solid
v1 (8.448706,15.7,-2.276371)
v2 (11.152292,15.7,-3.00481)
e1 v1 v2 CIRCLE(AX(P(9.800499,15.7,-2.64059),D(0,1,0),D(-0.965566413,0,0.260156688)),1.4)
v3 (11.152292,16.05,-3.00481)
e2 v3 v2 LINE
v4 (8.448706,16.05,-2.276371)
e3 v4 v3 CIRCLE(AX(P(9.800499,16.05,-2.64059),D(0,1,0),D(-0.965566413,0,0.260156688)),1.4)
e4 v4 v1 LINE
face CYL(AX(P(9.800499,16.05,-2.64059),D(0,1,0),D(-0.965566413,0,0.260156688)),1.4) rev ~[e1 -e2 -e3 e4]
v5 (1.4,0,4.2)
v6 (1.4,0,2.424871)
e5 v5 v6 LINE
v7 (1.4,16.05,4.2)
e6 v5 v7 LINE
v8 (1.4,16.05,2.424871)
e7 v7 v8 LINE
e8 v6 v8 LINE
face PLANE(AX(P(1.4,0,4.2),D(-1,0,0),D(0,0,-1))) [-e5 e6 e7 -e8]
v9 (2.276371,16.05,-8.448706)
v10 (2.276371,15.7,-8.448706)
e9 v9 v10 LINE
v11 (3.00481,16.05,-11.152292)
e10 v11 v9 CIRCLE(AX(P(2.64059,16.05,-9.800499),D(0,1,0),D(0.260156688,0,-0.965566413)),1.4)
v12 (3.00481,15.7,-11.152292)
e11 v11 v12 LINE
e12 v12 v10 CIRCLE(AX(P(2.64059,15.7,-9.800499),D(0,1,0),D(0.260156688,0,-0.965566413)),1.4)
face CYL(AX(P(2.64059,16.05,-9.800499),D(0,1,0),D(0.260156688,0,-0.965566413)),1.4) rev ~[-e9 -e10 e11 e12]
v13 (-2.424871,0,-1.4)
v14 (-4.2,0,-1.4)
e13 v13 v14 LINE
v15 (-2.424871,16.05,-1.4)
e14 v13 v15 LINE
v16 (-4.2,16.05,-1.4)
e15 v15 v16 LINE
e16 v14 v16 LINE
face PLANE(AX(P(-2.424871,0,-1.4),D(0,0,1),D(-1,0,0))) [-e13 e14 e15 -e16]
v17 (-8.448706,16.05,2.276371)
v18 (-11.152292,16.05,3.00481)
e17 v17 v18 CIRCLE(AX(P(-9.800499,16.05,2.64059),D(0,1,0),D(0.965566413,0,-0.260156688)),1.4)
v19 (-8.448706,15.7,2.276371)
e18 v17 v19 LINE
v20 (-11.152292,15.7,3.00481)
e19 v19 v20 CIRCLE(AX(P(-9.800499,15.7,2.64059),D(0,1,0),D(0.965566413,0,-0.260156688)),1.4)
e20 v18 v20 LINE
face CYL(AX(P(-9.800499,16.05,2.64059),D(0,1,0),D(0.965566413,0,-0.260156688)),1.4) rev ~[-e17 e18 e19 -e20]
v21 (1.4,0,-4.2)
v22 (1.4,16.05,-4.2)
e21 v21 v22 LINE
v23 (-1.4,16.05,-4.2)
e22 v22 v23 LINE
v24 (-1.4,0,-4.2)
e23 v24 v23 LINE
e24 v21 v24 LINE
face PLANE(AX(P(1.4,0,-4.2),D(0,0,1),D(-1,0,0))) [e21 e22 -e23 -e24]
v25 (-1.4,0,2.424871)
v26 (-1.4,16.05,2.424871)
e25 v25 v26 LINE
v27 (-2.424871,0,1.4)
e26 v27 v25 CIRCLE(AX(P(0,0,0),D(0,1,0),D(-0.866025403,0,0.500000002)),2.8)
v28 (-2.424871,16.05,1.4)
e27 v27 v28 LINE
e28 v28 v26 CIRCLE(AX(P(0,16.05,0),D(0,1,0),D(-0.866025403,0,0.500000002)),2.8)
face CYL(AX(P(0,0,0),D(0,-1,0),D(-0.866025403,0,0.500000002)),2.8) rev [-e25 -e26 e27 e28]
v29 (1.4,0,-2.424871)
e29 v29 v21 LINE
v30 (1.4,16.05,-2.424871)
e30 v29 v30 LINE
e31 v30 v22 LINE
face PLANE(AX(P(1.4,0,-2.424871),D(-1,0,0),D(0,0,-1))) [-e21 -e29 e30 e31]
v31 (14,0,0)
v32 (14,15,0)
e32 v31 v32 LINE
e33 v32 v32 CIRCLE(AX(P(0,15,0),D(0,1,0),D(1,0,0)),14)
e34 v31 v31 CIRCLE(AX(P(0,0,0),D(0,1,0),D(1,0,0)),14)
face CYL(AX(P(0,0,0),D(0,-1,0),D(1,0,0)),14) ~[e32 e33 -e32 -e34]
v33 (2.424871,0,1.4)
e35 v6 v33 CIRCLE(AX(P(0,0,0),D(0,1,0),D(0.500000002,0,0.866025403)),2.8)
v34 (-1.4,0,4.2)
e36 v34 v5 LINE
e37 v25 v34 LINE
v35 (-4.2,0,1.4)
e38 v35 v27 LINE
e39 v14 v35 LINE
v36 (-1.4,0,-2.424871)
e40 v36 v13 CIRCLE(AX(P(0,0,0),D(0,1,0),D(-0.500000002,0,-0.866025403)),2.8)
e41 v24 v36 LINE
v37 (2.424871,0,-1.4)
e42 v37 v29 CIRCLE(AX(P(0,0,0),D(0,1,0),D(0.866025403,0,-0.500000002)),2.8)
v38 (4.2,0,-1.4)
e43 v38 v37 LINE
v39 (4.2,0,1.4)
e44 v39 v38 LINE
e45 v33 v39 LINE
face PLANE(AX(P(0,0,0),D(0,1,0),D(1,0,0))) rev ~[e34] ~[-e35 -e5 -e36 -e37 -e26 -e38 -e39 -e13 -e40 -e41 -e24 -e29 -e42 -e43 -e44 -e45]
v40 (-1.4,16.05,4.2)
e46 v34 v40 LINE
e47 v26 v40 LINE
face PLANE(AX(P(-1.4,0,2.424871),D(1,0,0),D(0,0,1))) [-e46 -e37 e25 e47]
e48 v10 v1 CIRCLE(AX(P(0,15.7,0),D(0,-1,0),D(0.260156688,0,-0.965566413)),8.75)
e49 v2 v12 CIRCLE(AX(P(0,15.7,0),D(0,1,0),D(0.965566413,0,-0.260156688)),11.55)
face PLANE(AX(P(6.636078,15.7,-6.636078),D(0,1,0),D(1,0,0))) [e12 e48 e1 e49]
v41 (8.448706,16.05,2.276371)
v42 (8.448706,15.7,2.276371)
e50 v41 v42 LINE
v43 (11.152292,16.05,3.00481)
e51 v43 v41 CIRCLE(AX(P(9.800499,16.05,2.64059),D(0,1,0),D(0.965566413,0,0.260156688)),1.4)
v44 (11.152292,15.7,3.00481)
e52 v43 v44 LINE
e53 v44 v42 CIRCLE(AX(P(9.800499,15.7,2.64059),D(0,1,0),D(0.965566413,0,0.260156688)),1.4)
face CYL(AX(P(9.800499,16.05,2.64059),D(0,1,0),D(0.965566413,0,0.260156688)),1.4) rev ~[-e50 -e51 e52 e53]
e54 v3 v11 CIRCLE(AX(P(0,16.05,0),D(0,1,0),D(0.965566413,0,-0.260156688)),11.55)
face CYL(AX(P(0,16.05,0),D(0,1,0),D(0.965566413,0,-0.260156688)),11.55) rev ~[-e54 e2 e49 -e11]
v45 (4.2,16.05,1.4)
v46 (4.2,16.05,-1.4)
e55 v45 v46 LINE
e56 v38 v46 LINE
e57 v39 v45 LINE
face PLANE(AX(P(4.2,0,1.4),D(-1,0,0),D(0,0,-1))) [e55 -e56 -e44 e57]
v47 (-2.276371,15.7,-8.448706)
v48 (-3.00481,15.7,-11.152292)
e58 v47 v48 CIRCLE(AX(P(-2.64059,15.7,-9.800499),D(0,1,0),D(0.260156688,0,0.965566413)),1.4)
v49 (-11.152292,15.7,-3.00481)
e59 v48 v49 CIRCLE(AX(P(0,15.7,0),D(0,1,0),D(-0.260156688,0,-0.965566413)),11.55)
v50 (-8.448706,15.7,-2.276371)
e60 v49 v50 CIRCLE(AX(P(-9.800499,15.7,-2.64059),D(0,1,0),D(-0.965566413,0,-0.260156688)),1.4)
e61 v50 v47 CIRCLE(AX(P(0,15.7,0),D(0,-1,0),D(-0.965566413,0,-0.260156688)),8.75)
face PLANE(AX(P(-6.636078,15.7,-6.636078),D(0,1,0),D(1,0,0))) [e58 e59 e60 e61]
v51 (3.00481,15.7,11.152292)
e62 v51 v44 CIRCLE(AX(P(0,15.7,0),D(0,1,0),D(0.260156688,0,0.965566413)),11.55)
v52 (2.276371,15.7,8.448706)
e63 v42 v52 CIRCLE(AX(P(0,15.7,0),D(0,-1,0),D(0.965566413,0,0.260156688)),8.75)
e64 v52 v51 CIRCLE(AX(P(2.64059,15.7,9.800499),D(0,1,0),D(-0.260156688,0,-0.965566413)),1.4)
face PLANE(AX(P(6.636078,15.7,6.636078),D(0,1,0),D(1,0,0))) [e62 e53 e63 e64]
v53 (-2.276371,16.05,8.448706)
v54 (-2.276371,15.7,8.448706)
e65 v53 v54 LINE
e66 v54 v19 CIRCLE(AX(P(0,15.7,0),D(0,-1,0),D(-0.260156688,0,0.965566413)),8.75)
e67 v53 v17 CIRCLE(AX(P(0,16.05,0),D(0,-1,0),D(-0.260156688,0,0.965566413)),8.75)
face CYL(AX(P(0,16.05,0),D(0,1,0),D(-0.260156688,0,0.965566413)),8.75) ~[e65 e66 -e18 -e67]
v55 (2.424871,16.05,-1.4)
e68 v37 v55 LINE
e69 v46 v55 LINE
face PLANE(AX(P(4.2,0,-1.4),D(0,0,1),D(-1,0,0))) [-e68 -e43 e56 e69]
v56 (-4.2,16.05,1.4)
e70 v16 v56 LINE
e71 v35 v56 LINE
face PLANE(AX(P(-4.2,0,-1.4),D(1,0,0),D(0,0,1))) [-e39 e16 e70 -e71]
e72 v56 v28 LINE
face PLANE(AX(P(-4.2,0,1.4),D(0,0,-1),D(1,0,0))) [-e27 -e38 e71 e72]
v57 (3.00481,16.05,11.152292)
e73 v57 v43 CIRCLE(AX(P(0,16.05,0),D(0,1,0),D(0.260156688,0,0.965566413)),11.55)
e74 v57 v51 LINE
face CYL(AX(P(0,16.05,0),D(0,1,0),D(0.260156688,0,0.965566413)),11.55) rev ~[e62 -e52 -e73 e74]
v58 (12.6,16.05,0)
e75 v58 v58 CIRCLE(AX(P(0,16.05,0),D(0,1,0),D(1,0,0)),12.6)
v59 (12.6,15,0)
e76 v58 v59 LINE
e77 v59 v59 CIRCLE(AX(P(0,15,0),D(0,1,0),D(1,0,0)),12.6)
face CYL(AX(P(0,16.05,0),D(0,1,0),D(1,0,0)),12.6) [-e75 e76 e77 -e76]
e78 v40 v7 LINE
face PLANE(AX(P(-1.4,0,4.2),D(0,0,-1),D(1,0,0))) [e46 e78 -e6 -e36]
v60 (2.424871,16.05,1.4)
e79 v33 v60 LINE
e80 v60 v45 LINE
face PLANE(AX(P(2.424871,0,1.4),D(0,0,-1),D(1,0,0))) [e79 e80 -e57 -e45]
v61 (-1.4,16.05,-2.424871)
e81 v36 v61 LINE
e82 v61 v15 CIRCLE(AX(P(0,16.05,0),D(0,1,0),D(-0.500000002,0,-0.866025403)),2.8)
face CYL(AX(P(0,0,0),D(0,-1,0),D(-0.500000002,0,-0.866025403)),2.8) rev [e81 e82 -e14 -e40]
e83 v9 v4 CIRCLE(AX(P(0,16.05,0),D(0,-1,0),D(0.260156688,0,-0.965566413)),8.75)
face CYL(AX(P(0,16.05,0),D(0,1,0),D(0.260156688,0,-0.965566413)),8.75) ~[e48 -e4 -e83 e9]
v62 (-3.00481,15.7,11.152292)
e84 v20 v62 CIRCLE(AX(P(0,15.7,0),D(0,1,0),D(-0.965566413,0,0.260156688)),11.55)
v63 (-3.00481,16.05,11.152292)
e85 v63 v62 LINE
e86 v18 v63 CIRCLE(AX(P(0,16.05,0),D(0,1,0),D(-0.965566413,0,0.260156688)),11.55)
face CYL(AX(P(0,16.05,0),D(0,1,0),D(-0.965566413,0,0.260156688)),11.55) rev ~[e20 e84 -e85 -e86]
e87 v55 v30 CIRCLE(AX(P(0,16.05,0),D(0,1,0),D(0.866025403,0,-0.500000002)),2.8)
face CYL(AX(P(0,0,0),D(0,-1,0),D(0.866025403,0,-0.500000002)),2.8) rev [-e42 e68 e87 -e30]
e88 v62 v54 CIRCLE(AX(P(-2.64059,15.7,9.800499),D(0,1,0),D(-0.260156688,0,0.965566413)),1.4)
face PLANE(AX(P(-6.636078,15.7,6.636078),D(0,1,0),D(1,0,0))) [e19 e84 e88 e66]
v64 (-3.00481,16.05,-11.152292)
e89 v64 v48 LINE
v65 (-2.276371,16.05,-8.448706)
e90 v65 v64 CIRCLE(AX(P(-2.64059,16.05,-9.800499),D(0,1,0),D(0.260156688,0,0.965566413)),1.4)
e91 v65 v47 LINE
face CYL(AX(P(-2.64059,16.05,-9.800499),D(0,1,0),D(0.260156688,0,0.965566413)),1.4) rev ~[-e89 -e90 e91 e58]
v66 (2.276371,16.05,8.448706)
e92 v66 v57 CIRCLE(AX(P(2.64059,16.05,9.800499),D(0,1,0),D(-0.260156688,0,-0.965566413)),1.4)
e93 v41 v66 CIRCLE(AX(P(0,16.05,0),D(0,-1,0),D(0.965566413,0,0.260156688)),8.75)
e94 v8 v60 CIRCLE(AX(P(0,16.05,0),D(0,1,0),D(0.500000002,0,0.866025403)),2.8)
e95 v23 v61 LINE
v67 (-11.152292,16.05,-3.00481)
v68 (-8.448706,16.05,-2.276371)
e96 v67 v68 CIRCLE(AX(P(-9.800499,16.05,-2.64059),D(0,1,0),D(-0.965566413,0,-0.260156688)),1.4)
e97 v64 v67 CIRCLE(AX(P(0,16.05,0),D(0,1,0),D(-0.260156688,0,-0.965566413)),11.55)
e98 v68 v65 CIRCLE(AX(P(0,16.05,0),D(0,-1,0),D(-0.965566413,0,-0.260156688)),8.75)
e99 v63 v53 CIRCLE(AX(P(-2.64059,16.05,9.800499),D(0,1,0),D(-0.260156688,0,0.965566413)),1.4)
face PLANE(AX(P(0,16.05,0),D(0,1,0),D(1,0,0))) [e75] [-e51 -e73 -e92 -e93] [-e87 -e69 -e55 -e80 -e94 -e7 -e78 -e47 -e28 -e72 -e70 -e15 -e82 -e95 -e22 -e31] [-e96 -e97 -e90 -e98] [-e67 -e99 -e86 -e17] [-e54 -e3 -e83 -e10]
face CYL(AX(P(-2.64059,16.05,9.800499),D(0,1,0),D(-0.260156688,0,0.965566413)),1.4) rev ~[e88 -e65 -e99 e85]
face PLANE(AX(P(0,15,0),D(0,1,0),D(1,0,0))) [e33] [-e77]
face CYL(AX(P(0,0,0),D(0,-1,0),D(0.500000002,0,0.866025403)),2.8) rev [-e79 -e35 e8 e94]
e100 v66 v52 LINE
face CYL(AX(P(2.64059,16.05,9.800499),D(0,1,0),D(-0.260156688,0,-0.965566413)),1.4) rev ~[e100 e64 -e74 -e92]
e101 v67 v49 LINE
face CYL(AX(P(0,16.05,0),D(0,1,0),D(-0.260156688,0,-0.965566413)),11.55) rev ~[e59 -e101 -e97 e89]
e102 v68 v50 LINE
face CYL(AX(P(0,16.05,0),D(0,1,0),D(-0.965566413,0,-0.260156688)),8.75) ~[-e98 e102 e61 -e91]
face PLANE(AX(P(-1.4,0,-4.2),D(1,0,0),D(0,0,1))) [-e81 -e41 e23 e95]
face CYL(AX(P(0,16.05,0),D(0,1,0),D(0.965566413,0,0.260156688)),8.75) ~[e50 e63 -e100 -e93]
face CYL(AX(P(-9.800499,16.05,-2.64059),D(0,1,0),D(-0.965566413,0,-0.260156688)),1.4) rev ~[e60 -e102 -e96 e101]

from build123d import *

# Parameters (mm, degrees)
SKETCH1_R           = 14
BOSS_EXTRUDE2_DEPTH = 16.05
CUT_EXTRUDE1_START  = -1.05
SKETCH3_R           = 14
SKETCH3_R_2         = 12.6
CUT_EXTRUDE1_DEPTH  = 1.05
CUT_EXTRUDE2_DEPTH  = 0.35


with BuildPart() as part:
    # Sketch1 → Boss-Extrude2 (new body)
    with BuildSketch(Plane(origin=(0, 0, 0), x_dir=(1, 0, 0), z_dir=(0, 1, 0))):
        Circle(SKETCH1_R)
        with BuildLine():
            Line((-1.4, 4.2), (-1.4, 2.424871131))
            ThreePointArc((-1.4, 2.424871131), (-1.979898987, 1.979898987), (-2.424871131, 1.4))
            Line((-2.424871131, 1.4), (-4.2, 1.4))
            Line((-4.2, 1.4), (-4.2, -1.4))
            Line((-4.2, -1.4), (-2.424871131, -1.4))
            ThreePointArc((-2.424871131, -1.4), (-1.979898987, -1.979898987), (-1.4, -2.424871131))
            Line((-1.4, -2.424871131), (-1.4, -4.2))
            Line((-1.4, -4.2), (1.4, -4.2))
            Line((1.4, -4.2), (1.4, -2.424871131))
            ThreePointArc((1.4, -2.424871131), (1.979898987, -1.979898987), (2.424871131, -1.4))
            Line((2.424871131, -1.4), (4.2, -1.4))
            Line((4.2, -1.4), (4.2, 1.4))
            Line((4.2, 1.4), (2.424871131, 1.4))
            ThreePointArc((2.424871131, 1.4), (1.979898987, 1.979898987), (1.4, 2.424871131))
            Line((1.4, 2.424871131), (1.4, 4.2))
            Line((1.4, 4.2), (-1.4, 4.2))
        make_face(mode=Mode.SUBTRACT)
    extrude(amount=BOSS_EXTRUDE2_DEPTH)

    # Sketch3 → Cut-Extrude1 (cut)
    with BuildSketch(Plane(origin=(0, 16.05, 0), x_dir=(1, 0, 0), z_dir=(0, 1, 0)).offset(CUT_EXTRUDE1_START)):
        Circle(SKETCH3_R)
        Circle(SKETCH3_R_2, mode=Mode.SUBTRACT)
    extrude(amount=CUT_EXTRUDE1_DEPTH, mode=Mode.SUBTRACT)

    # Sketch3<3> → Cut-Extrude2 (cut)
    with BuildSketch(Plane(origin=(0, 16.05, 0), x_dir=(1, 0, 0), z_dir=(0, 1, 0))):
        with BuildLine():
            ThreePointArc((8.448706113, 2.27637102), (10.164718454, 1.288797405), (11.152292069, 3.004809746))
            ThreePointArc((11.152292069, 3.004809746), (8.167083323, 8.167083323), (3.004809746, 11.152292069))
            ThreePointArc((3.004809746, 11.152292069), (1.288797405, 10.164718454), (2.27637102, 8.448706113))
            ThreePointArc((2.27637102, 8.448706113), (6.187184335, 6.187184335), (8.448706113, 2.27637102))
        make_face()
        with BuildLine():
            ThreePointArc((2.27637102, -8.448706113), (1.288797405, -10.164718454), (3.004809746, -11.152292069))
            ThreePointArc((3.004809746, -11.152292069), (8.167083323, -8.167083323), (11.152292069, -3.004809746))
            ThreePointArc((11.152292069, -3.004809746), (10.164718454, -1.288797405), (8.448706113, -2.27637102))
            ThreePointArc((8.448706113, -2.27637102), (6.187184335, -6.187184335), (2.27637102, -8.448706113))
        make_face()
        with BuildLine():
            ThreePointArc((-8.448706113, -2.27637102), (-10.164718454, -1.288797405), (-11.152292069, -3.004809746))
            ThreePointArc((-11.152292069, -3.004809746), (-8.167083323, -8.167083323), (-3.004809746, -11.152292069))
            ThreePointArc((-3.004809746, -11.152292069), (-1.288797405, -10.164718454), (-2.27637102, -8.448706113))
            ThreePointArc((-2.27637102, -8.448706113), (-6.187184335, -6.187184335), (-8.448706113, -2.27637102))
        make_face()
        with BuildLine():
            ThreePointArc((-2.27637102, 8.448706113), (-1.288797405, 10.164718454), (-3.004809746, 11.152292069))
            ThreePointArc((-3.004809746, 11.152292069), (-8.167083323, 8.167083323), (-11.152292069, 3.004809746))
            ThreePointArc((-11.152292069, 3.004809746), (-10.164718454, 1.288797405), (-8.448706113, 2.27637102))
            ThreePointArc((-8.448706113, 2.27637102), (-6.187184335, 6.187184335), (-2.27637102, 8.448706113))
        make_face()
    extrude(amount=-CUT_EXTRUDE2_DEPTH, mode=Mode.SUBTRACT)


solid = part.part
